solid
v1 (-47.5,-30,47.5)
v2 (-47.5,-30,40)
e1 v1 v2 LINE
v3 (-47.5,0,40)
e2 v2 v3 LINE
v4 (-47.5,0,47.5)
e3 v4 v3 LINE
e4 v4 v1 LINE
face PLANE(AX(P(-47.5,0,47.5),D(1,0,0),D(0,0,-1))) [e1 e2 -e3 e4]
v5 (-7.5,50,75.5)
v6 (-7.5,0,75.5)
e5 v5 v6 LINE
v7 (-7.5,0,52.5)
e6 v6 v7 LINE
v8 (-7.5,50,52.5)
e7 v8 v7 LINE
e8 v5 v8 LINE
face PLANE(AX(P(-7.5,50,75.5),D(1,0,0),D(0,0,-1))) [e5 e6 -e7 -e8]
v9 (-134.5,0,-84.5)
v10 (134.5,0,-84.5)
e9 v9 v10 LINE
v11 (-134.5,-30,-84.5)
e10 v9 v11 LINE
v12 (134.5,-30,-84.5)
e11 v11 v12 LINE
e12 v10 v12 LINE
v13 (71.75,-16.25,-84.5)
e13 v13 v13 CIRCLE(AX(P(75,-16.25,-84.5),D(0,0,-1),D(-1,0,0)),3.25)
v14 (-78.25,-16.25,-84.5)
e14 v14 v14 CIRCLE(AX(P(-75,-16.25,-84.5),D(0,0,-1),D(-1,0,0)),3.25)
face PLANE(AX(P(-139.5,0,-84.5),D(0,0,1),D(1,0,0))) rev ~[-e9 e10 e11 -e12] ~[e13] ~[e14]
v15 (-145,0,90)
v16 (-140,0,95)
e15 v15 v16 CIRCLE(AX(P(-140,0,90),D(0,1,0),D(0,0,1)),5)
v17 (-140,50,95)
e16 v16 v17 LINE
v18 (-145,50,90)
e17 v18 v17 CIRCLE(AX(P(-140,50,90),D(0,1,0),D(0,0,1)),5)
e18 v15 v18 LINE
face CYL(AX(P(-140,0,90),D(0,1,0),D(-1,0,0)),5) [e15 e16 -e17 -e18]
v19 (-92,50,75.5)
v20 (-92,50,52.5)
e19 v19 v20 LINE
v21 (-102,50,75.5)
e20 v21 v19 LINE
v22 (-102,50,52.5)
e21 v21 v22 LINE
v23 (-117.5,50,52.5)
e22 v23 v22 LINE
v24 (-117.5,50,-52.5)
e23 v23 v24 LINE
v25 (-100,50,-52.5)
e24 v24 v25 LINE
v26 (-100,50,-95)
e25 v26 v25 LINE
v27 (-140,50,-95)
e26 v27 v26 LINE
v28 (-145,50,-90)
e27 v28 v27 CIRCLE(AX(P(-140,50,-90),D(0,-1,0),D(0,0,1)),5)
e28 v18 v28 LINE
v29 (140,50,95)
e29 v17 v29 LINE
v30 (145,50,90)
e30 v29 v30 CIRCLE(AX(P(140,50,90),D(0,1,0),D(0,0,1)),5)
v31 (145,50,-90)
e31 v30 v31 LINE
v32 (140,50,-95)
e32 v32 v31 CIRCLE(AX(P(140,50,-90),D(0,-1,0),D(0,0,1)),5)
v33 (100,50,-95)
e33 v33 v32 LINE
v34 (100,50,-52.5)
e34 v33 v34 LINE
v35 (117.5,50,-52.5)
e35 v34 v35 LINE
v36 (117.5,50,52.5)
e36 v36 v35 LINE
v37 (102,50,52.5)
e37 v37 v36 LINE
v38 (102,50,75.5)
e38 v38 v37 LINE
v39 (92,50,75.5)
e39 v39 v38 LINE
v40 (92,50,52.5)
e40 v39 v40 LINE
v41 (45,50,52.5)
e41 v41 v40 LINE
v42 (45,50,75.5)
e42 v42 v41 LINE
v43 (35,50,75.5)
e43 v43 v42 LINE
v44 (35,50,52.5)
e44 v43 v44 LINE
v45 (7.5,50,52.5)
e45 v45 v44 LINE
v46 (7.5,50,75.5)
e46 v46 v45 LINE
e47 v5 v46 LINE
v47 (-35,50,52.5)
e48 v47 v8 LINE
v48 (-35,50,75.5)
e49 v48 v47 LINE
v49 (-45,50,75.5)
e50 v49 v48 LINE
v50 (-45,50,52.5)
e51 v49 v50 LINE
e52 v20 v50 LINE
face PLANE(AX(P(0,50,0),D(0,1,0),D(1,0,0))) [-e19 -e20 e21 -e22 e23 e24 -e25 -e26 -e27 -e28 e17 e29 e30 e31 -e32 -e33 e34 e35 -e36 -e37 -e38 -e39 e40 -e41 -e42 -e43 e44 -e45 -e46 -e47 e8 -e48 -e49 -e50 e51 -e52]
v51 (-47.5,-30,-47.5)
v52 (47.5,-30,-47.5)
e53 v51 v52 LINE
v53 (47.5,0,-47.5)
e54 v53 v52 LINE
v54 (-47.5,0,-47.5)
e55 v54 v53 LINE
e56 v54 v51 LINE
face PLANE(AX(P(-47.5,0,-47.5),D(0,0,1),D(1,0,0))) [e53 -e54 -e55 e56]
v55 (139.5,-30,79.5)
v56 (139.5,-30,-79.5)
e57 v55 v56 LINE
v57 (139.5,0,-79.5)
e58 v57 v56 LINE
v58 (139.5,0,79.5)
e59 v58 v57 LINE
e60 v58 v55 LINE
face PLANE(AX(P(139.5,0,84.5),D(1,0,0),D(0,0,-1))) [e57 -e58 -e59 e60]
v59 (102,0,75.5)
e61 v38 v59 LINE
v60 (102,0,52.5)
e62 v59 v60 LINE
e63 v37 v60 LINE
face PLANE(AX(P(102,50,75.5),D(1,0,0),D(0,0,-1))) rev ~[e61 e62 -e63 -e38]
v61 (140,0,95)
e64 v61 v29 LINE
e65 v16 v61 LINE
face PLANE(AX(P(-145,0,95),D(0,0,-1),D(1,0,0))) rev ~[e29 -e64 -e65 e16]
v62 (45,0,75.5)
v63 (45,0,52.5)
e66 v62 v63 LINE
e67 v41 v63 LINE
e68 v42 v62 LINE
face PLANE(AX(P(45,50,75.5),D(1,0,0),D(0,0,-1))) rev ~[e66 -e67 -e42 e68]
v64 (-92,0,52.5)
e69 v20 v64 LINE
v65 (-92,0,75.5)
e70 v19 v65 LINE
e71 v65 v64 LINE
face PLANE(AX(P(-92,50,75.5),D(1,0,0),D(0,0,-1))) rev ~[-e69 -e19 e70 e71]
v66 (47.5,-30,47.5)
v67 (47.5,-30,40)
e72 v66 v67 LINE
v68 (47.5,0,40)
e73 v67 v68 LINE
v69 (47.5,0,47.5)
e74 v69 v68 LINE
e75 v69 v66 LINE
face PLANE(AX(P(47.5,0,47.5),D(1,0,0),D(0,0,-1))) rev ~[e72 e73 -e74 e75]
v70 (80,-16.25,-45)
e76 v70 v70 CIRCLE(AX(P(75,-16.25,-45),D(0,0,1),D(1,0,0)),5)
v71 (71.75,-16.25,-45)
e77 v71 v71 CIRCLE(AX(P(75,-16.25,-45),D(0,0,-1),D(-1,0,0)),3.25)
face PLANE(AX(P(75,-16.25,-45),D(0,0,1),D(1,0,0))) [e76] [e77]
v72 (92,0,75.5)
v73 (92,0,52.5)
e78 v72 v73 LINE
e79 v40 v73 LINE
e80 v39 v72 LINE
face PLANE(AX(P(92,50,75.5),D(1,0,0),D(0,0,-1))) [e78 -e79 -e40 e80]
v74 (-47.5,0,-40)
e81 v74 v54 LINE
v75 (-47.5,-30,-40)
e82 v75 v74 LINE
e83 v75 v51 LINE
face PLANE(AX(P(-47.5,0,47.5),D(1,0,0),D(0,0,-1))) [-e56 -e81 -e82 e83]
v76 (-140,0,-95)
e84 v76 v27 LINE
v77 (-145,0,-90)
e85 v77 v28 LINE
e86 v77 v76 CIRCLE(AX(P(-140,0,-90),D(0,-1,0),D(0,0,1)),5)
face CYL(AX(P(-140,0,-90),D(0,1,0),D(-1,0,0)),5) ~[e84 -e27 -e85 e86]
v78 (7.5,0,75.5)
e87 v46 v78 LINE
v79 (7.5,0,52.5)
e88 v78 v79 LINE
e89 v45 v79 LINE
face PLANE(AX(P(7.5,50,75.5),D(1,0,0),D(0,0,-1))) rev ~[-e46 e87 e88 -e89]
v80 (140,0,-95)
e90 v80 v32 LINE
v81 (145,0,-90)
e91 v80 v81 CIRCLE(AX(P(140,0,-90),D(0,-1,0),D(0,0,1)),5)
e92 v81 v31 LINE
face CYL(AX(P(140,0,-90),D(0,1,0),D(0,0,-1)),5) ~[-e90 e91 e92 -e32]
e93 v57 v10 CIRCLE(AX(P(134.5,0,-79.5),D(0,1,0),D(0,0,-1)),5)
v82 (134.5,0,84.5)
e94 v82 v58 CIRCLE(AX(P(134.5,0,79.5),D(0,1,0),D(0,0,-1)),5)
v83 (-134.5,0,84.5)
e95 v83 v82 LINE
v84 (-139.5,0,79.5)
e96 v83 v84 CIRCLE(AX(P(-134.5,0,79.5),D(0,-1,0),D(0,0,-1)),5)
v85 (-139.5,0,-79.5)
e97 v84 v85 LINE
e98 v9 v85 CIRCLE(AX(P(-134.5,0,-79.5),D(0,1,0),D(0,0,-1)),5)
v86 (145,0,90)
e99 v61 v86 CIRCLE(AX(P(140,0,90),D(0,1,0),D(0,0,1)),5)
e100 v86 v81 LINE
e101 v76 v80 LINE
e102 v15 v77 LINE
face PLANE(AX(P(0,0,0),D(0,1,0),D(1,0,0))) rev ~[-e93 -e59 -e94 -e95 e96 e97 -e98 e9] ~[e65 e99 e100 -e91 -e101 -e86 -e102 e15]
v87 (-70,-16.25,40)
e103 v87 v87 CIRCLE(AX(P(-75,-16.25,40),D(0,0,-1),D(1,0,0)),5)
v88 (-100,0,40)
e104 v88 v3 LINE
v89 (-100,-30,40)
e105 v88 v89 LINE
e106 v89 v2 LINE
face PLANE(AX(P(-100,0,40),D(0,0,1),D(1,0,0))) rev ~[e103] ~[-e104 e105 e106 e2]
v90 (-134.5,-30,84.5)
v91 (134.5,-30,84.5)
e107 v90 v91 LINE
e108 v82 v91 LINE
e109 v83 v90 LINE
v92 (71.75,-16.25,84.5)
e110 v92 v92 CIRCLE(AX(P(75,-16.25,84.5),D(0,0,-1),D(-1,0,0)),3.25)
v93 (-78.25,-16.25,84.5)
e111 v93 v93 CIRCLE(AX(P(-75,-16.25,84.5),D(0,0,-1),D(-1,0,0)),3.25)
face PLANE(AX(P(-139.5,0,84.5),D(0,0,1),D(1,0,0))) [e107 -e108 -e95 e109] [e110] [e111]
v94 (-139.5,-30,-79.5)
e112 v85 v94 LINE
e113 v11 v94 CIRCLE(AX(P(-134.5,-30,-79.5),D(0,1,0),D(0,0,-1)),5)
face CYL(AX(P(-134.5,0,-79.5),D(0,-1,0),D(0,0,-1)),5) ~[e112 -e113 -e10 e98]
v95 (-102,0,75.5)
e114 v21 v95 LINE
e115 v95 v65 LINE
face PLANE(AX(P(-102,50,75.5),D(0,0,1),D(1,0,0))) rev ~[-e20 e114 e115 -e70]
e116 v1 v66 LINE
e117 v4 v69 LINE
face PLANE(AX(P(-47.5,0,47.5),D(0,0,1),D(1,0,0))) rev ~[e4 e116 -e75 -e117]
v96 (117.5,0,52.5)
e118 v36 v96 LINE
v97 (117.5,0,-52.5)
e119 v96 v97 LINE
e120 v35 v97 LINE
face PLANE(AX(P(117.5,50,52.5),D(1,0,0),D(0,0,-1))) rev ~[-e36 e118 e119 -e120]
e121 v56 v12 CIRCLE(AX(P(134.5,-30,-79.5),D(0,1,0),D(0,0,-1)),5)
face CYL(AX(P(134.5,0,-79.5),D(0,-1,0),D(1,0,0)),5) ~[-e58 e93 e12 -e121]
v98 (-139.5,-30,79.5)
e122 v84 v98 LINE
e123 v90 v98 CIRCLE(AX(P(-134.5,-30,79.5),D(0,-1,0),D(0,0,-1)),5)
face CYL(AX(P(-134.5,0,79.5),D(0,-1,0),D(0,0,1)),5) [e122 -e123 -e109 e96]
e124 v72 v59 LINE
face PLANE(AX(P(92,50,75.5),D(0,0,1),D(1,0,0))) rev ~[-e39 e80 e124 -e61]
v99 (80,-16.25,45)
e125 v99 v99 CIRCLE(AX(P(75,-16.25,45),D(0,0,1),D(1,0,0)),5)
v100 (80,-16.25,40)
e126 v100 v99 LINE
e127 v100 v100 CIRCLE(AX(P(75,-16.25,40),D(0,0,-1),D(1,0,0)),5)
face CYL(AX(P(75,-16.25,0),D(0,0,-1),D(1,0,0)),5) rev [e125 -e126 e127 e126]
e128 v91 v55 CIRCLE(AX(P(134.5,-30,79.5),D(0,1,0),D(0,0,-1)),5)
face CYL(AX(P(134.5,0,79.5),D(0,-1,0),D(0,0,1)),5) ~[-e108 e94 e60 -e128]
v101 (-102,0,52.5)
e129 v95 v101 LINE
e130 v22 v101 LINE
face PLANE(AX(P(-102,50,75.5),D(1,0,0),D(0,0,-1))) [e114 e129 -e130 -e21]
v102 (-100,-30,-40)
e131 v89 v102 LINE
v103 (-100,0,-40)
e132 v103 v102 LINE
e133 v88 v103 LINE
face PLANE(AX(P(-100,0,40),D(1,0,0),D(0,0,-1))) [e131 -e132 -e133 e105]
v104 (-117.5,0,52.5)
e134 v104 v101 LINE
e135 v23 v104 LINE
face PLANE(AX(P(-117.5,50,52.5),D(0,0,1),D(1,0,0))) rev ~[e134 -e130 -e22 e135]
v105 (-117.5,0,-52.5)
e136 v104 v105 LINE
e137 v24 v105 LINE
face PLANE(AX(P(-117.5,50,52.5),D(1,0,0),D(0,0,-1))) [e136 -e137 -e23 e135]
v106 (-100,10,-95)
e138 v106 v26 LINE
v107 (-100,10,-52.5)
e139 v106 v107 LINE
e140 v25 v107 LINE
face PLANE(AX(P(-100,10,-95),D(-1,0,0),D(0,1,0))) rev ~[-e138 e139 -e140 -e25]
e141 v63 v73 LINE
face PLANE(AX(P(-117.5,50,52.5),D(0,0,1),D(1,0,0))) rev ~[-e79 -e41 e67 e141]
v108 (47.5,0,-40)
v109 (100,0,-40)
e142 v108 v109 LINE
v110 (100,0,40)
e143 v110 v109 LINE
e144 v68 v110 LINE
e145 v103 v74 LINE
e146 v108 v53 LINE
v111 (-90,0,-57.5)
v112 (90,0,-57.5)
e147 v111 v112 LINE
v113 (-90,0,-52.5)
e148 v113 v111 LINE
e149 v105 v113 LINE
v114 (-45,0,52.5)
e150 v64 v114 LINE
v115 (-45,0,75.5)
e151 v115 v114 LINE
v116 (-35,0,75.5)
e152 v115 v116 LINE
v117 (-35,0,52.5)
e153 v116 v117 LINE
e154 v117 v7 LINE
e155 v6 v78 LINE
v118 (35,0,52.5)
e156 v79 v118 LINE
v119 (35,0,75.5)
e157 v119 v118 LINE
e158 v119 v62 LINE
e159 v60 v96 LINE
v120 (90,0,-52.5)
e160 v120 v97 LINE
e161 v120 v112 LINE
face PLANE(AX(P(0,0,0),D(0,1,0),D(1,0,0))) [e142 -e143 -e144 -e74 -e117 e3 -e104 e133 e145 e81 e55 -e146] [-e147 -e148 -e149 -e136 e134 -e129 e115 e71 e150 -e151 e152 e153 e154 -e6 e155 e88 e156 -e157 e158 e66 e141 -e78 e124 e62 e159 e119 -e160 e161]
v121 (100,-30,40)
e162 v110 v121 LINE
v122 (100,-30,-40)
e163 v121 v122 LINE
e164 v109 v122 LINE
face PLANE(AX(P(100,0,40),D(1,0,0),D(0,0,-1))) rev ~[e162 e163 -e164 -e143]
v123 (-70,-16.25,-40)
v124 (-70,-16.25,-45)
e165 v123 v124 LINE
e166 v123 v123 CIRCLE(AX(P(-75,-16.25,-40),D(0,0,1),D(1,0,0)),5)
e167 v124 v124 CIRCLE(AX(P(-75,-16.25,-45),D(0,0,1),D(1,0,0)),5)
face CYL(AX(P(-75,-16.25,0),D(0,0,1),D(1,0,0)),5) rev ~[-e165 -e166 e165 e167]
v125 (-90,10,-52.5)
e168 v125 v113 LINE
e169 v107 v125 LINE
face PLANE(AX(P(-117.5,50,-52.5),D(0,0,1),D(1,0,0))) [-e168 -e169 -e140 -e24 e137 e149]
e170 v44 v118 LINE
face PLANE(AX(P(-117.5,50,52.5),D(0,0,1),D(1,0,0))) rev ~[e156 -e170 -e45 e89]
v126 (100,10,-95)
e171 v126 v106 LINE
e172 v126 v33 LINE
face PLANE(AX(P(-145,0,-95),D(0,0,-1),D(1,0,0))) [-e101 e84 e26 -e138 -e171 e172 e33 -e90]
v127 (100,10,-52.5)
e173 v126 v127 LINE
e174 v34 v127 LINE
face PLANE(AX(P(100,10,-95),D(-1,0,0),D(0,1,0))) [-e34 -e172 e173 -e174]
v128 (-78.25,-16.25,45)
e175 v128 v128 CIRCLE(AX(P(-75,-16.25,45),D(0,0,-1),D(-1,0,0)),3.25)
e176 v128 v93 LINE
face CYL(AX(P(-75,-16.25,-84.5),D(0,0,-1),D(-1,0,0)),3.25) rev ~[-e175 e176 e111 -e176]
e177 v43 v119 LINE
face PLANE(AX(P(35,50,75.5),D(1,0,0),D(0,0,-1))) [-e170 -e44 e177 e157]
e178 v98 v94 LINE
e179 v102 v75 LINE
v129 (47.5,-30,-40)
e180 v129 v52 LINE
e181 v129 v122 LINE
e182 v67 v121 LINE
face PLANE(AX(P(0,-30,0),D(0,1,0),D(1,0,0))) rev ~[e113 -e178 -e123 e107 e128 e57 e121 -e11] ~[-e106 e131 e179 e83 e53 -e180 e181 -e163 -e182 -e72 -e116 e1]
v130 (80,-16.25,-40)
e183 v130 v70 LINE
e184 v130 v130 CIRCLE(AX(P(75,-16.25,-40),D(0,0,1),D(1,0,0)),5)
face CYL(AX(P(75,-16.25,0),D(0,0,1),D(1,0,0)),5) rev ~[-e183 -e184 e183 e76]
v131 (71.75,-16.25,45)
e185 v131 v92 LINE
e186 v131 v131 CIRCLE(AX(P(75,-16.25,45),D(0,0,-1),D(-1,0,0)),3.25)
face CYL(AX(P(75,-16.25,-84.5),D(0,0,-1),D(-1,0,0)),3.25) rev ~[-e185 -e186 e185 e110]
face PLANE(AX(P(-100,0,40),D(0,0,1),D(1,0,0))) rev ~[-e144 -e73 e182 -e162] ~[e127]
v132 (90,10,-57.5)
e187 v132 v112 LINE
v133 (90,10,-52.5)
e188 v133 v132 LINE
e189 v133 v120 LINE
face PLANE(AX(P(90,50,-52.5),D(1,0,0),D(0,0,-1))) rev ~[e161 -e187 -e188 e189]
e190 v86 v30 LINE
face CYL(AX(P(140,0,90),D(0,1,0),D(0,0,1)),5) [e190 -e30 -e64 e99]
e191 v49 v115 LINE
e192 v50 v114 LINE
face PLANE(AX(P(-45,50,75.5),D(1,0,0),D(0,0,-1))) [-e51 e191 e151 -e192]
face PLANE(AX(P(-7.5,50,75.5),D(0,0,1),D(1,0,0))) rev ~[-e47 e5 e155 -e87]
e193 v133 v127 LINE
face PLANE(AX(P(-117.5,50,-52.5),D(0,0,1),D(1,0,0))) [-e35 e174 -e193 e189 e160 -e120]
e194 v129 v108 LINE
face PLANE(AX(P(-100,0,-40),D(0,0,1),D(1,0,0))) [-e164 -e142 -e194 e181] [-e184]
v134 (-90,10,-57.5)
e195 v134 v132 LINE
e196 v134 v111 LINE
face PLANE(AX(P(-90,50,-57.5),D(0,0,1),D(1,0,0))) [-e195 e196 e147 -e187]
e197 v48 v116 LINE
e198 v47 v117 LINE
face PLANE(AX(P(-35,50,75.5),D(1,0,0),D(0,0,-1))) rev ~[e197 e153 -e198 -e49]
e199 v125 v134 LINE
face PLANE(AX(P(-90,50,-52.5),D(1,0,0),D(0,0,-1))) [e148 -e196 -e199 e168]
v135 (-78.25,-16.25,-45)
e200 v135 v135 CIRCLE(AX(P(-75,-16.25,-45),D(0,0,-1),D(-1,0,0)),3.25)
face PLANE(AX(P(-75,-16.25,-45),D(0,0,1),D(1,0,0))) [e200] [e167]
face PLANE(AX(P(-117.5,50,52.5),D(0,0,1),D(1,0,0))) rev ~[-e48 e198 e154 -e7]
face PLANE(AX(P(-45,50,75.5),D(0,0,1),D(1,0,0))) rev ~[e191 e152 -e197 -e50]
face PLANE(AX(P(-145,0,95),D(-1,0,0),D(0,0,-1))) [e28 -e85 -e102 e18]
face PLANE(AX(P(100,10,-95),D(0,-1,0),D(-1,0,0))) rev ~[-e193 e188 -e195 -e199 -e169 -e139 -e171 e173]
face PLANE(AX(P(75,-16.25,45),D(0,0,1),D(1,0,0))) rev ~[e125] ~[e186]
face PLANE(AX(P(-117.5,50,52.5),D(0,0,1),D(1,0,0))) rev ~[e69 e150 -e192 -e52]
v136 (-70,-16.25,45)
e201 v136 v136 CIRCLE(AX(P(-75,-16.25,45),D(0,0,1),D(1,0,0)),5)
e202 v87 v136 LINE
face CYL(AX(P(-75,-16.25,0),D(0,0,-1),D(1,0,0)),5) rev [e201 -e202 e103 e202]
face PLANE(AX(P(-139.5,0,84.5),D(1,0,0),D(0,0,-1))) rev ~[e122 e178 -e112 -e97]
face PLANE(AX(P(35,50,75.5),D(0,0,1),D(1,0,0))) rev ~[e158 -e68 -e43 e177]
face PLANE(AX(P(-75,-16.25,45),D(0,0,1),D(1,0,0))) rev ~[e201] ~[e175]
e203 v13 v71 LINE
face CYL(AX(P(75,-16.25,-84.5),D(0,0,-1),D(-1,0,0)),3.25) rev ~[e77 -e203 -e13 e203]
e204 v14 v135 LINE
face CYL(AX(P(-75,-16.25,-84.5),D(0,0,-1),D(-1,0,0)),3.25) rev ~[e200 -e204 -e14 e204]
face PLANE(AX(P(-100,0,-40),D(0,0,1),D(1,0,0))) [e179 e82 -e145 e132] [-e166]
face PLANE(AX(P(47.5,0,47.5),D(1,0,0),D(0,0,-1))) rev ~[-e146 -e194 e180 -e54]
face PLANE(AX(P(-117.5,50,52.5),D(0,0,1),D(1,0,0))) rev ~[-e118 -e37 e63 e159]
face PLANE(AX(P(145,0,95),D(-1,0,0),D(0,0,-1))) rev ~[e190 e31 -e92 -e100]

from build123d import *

# Parameters (mm, degrees)
SKETCH1_W               = 279
SKETCH1_H               = 169
BOSS_EXTRUDE1_DEPTH     = 30
SKETCH2_W               = 290
SKETCH2_H               = 190
BOSS_EXTRUDE2_DEPTH     = 50
FILLET1_R               = 5
FILLET2_R               = 5
SKETCH3_W               = 235
SKETCH3_H               = 105
CUT_EXTRUDE1_DEPTH      = 50
SKETCH4_W               = 200
SKETCH4_H               = 80
CUT_EXTRUDE2_DEPTH      = 50
SKETCH5_W               = 180
SKETCH5_H               = 5
CUT_EXTRUDE3_DEPTH      = 50
SKETCH6_W               = 95
SKETCH6_H               = 95
CUT_EXTRUDE4_DEPTH      = 50
SKETCH7_W               = 15
SKETCH7_H               = 23
SKETCH7_W_2             = 10
CUT_EXTRUDE5_DEPTH      = 50
SKETCH8_R               = 3.25
CUT_EXTRUDE6_DEPTH      = 180.5
SKETCH9_R               = 5
CUT_EXTRUDE7_DEPTH      = 45
CUT_EXTRUDE7_DEPTH_BACK = 45
SKETCH11_W              = 200
SKETCH11_H              = 40
CUT_EXTRUDE9_DEPTH      = 50


with BuildPart() as part:
    # Sketch1 → Boss-Extrude1 (new body)
    with BuildSketch(Plane(origin=(0, 0, 0), x_dir=(1, 0, 0), z_dir=(0, 1, 0))):
        Rectangle(SKETCH1_W, SKETCH1_H)
    extrude(amount=-BOSS_EXTRUDE1_DEPTH)

    # Sketch2 → Boss-Extrude2 (add)
    with BuildSketch(Plane(origin=(0, 0, 0), x_dir=(1, 0, 0), z_dir=(0, 1, 0))):
        Rectangle(SKETCH2_W, SKETCH2_H)
    extrude(amount=BOSS_EXTRUDE2_DEPTH)

    # Fillet1
    fillet1_edges = [part.edges().sort_by_distance(p)[0] for p in [
        (139.5, -15, 84.5),
        (-139.5, -15, 84.5),
        (-139.5, -15, -84.5),
        (139.5, -15, -84.5),
    ]]
    fillet(fillet1_edges, radius=FILLET1_R)

    # Fillet2
    fillet2_edges = [part.edges().sort_by_distance(p)[0] for p in [
        (145, 25, 95),
        (145, 25, -95),
        (-145, 25, -95),
        (-145, 25, 95),
    ]]
    fillet(fillet2_edges, radius=FILLET2_R)

    # Sketch3 → Cut-Extrude1 (cut)
    with BuildSketch(Plane(origin=(0, 50, 0), x_dir=(1, 0, 0), z_dir=(0, 1, 0))):
        Rectangle(SKETCH3_W, SKETCH3_H)
    extrude(amount=-CUT_EXTRUDE1_DEPTH, mode=Mode.SUBTRACT)

    # Sketch4 → Cut-Extrude2 (cut)
    with BuildSketch(Plane(origin=(0, 0, 0), x_dir=(1, 0, 0), z_dir=(0, 1, 0))):
        Rectangle(SKETCH4_W, SKETCH4_H)
    extrude(amount=-CUT_EXTRUDE2_DEPTH, mode=Mode.SUBTRACT)

    # Sketch5 → Cut-Extrude3 (cut)
    with BuildSketch(Plane(origin=(0, 50, 0), x_dir=(1, 0, 0), z_dir=(0, 1, 0))):
        with Locations((0, 55)):
            Rectangle(SKETCH5_W, SKETCH5_H)
    extrude(amount=-CUT_EXTRUDE3_DEPTH, mode=Mode.SUBTRACT)

    # Sketch6 → Cut-Extrude4 (cut)
    with BuildSketch(Plane(origin=(0, 0, 0), x_dir=(1, 0, 0), z_dir=(0, 1, 0))):
        Rectangle(SKETCH6_W, SKETCH6_H)
    extrude(amount=-CUT_EXTRUDE4_DEPTH, mode=Mode.SUBTRACT)

    # Sketch7 → Cut-Extrude5 (cut)
    with BuildSketch(Plane(origin=(0, 50, 0), x_dir=(1, 0, 0), z_dir=(0, 1, 0))):
        with Locations((0, -64)):
            Rectangle(SKETCH7_W, SKETCH7_H)
        with Locations((40, -64)):
            Rectangle(SKETCH7_W_2, SKETCH7_H)
        with Locations((-40, -64)):
            Rectangle(SKETCH7_W_2, SKETCH7_H)
        with Locations((97, -64)):
            Rectangle(SKETCH7_W_2, SKETCH7_H)
        with Locations((-97, -64)):
            Rectangle(SKETCH7_W_2, SKETCH7_H)
    extrude(amount=-CUT_EXTRUDE5_DEPTH, mode=Mode.SUBTRACT)

    # Sketch8 → Cut-Extrude6 (cut, through all)
    with BuildSketch(Plane(origin=(0, 0, -84.5), x_dir=(-1, 0, 0), z_dir=(0, 0, -1))):
        with Locations((75, -16.25)):
            Circle(SKETCH8_R)
        with Locations((-75, -16.25)):
            Circle(SKETCH8_R)
    extrude(amount=-CUT_EXTRUDE6_DEPTH, mode=Mode.SUBTRACT)

    # Sketch9 → Cut-Extrude7 (cut, two sides)
    with BuildSketch(Plane.XY) as cut_extrude7_sk:
        with Locations((-75, -16.25)):
            Circle(SKETCH9_R)
        with Locations((75, -16.25)):
            Circle(SKETCH9_R)
    extrude(amount=CUT_EXTRUDE7_DEPTH, mode=Mode.SUBTRACT)
    extrude(cut_extrude7_sk.sketch, amount=-CUT_EXTRUDE7_DEPTH_BACK, mode=Mode.SUBTRACT)

    # Sketch11 → Cut-Extrude9 (cut)
    with BuildSketch(Plane(origin=(0, 0, -95), x_dir=(-1, 0, 0), z_dir=(0, 0, -1))):
        with Locations((0, 30)):
            Rectangle(SKETCH11_W, SKETCH11_H)
    extrude(amount=-CUT_EXTRUDE9_DEPTH, mode=Mode.SUBTRACT)


solid = part.part
